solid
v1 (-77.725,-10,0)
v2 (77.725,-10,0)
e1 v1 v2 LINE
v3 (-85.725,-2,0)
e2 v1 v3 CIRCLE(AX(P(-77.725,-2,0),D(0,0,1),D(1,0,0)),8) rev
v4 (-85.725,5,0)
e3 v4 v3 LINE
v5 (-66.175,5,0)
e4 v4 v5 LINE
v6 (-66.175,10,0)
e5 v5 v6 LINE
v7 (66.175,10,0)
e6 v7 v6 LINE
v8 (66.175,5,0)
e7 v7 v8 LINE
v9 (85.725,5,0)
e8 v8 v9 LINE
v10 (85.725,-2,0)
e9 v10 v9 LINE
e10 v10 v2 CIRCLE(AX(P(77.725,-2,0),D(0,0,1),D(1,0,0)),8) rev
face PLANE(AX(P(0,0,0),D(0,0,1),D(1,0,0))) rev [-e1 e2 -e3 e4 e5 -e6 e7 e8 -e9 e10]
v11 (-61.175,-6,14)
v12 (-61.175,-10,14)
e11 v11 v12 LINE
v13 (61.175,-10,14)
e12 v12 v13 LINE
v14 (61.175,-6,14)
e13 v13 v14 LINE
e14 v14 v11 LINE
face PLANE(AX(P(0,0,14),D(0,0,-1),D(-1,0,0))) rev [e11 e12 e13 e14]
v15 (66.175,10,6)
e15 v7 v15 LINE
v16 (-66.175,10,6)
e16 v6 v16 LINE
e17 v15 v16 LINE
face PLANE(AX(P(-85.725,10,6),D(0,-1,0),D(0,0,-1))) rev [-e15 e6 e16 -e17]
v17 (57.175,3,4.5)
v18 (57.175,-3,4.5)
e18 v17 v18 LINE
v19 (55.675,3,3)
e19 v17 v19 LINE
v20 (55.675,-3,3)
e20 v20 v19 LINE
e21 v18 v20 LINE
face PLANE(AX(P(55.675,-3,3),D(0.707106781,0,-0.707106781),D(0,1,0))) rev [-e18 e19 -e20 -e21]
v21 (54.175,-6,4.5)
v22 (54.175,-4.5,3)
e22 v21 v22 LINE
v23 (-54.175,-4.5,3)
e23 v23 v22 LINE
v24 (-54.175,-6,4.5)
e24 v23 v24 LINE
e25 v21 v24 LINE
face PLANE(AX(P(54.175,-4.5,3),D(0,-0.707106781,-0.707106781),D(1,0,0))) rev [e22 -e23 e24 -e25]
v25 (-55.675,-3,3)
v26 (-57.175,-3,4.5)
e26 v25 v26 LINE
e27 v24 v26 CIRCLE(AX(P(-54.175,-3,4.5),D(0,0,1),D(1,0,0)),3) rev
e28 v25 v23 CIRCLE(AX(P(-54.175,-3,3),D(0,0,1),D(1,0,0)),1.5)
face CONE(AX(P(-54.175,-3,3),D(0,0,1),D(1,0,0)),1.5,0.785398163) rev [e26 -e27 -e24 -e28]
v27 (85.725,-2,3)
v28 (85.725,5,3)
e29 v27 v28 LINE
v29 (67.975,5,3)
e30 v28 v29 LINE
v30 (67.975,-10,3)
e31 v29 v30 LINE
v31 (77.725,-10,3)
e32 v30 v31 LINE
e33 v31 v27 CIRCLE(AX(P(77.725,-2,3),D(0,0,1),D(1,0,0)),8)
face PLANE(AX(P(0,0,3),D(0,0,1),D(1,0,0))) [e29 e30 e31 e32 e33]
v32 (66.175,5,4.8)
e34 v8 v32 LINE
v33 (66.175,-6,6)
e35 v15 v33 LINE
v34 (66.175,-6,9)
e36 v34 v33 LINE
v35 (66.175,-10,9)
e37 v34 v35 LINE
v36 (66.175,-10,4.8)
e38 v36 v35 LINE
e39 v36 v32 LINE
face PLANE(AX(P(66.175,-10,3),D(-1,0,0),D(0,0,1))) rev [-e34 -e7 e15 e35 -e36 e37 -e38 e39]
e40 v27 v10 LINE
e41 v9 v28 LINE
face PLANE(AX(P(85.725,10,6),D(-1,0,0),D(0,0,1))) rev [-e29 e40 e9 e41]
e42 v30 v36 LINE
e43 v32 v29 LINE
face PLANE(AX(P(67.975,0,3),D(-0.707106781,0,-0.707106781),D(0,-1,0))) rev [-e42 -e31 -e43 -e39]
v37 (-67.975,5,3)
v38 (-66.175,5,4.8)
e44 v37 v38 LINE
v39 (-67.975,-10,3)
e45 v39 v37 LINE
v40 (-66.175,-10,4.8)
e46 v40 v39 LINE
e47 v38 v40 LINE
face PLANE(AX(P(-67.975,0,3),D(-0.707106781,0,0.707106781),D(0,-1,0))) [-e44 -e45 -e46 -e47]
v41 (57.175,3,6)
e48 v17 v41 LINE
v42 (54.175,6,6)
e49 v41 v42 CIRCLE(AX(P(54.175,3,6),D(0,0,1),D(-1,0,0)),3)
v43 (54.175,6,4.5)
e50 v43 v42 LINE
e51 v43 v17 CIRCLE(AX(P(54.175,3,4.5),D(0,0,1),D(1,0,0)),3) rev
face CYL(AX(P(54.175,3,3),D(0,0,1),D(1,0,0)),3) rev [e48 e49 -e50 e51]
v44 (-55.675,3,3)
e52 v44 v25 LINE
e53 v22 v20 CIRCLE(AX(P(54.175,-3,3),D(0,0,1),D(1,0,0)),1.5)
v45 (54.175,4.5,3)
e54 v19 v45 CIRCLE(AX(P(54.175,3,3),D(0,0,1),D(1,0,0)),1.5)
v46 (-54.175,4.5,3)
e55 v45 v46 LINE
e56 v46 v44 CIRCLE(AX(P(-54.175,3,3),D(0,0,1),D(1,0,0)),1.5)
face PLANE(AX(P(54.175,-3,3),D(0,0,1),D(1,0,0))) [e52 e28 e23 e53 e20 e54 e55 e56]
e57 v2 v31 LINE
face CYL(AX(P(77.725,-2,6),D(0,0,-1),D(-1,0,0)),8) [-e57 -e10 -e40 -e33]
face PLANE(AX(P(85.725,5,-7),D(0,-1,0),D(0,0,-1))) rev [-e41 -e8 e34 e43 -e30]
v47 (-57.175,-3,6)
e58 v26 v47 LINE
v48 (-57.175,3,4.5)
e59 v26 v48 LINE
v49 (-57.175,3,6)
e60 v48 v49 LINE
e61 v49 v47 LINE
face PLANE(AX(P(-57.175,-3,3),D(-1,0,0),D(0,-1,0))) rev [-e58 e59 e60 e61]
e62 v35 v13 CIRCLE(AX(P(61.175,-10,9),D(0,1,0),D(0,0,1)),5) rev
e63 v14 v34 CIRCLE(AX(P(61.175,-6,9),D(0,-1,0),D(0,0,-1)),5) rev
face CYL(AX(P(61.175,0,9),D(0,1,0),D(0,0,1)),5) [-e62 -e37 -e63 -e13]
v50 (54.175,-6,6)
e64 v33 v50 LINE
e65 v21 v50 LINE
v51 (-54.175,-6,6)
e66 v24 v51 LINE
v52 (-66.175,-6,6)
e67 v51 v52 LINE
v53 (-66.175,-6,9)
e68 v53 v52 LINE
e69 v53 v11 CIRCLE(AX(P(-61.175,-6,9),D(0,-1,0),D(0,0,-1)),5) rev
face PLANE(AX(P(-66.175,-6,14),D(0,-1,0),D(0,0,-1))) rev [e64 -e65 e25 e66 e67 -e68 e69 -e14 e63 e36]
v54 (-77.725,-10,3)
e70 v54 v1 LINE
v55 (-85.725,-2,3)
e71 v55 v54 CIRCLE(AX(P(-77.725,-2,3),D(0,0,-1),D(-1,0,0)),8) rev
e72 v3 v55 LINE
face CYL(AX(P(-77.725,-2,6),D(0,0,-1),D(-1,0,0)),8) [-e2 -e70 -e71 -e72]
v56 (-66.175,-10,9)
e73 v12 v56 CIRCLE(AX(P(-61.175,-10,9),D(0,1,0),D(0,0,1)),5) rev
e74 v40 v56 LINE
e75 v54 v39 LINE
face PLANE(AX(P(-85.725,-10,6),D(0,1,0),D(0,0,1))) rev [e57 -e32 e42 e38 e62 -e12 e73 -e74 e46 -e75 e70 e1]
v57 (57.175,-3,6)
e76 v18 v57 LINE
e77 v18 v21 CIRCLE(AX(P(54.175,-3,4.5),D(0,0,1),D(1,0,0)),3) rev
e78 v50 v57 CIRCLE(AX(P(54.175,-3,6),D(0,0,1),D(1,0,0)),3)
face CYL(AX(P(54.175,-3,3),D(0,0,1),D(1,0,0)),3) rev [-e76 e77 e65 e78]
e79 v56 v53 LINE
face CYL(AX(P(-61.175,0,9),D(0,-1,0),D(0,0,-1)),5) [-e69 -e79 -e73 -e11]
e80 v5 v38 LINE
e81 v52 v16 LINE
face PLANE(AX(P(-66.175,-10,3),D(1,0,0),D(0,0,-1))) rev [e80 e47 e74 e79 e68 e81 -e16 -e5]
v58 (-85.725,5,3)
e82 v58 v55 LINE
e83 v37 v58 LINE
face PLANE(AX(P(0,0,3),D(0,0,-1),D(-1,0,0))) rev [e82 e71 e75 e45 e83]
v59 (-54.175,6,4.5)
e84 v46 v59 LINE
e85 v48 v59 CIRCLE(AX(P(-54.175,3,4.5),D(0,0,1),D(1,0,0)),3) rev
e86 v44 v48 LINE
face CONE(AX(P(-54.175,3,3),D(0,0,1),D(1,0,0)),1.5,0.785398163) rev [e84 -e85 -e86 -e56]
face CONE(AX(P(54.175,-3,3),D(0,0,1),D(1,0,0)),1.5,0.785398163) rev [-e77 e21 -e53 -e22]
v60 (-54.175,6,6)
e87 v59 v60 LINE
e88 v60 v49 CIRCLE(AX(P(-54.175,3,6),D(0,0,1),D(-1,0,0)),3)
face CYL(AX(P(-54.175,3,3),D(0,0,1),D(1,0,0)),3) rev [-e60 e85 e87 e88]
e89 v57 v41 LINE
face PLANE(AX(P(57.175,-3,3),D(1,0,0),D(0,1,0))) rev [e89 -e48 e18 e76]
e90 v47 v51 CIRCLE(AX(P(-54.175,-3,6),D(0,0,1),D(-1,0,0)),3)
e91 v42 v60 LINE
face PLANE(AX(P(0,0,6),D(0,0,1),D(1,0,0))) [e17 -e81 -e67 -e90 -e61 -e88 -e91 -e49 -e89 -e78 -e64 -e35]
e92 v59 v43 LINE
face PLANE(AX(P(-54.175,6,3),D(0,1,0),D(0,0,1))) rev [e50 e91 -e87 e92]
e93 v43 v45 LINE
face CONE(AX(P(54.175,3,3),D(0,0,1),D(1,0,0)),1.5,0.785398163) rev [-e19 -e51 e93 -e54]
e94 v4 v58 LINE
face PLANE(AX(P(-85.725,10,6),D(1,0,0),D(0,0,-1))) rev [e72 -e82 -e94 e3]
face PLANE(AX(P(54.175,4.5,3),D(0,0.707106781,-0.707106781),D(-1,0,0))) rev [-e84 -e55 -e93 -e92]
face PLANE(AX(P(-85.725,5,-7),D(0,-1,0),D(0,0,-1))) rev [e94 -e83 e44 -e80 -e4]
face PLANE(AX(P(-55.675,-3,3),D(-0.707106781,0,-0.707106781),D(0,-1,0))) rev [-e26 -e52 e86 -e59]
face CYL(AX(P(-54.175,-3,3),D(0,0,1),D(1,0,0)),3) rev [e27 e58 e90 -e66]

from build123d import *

# Parameters (mm, degrees)
SKETCH1_W           = 171.45
SKETCH1_H           = 20
BOSS_EXTRUDE1_DEPTH = 6
SKETCH2_W           = 19.55
SKETCH2_H           = 15
CUT_EXTRUDE1_DEPTH  = 3
SKETCH3_W           = 19.55
SKETCH3_H           = 5
CUT_EXTRUDE2_DEPTH  = 13
CHAMFER1_SIZE       = 1.8
SKETCH4_W           = 132.35
SKETCH4_H           = 4
BOSS_EXTRUDE2_DEPTH = 8
CUT_EXTRUDE3_DEPTH  = 3
CHAMFER2_SIZE       = 1.5
FILLET1_R           = 8
FILLET2_R           = 5


with BuildPart() as part:
    # Sketch1 → Boss-Extrude1 (new body)
    with BuildSketch(Plane.XY):
        Rectangle(SKETCH1_W, SKETCH1_H)
    extrude(amount=BOSS_EXTRUDE1_DEPTH)

    # Sketch2 → Cut-Extrude1 (cut)
    with BuildSketch(Plane.XY.offset(6)):
        with Locations((-75.95, -2.5)):
            Rectangle(SKETCH2_W, SKETCH2_H)
        with Locations((75.95, -2.5)):
            Rectangle(SKETCH2_W, SKETCH2_H)
    extrude(amount=-CUT_EXTRUDE1_DEPTH, mode=Mode.SUBTRACT)

    # Sketch3 → Cut-Extrude2 (cut)
    with BuildSketch(Plane.XY.offset(6)):
        with Locations((-75.95, 7.5)):
            Rectangle(SKETCH3_W, SKETCH3_H)
        with Locations((75.95, 7.5)):
            Rectangle(SKETCH3_W, SKETCH3_H)
    extrude(amount=-CUT_EXTRUDE2_DEPTH, mode=Mode.SUBTRACT)

    # Chamfer1
    chamfer1_edges = [part.edges().sort_by_distance(p)[0] for p in [
        (-66.175, -2.5, 3),
        (66.175, -2.5, 3),
    ]]
    chamfer(chamfer1_edges, length=CHAMFER1_SIZE)

    # Sketch4 → Boss-Extrude2 (add)
    with BuildSketch(Plane.XY.offset(6)):
        with Locations((0, -8)):
            Rectangle(SKETCH4_W, SKETCH4_H)
    extrude(amount=BOSS_EXTRUDE2_DEPTH)

    # Sketch5 → Cut-Extrude3 (cut)
    with BuildSketch(Plane.XY.offset(6)):
        with BuildLine():
            Line((-54.175, -6), (54.175, -6))
            ThreePointArc((54.175, -6), (56.296320344, -5.121320344), (57.175, -3))
            Line((57.175, -3), (57.175, 3))
            ThreePointArc((57.175, 3), (56.296320344, 5.121320344), (54.175, 6))
            Line((54.175, 6), (-54.175, 6))
            ThreePointArc((-54.175, 6), (-56.296320344, 5.121320344), (-57.175, 3))
            Line((-57.175, 3), (-57.175, -3))
            ThreePointArc((-57.175, -3), (-56.296320344, -5.121320344), (-54.175, -6))
        make_face()
    extrude(amount=-CUT_EXTRUDE3_DEPTH, mode=Mode.SUBTRACT)

    # Chamfer2
    chamfer2_edges = [part.edges().sort_by_distance(p)[0] for p in [
        (56.296320344, -5.121320344, 3),
        (0, -6, 3),
        (-56.296320344, -5.121320344, 3),
        (-57.175, 0, 3),
        (-56.296320344, 5.121320344, 3),
        (0, 6, 3),
        (56.296320344, 5.121320344, 3),
        (57.175, 0, 3),
    ]]
    chamfer(chamfer2_edges, length=CHAMFER2_SIZE)

    # Fillet1
    fillet1_edges = [part.edges().sort_by_distance(p)[0] for p in [
        (-85.725, -10, 1.5),
        (85.725, -10, 1.5),
    ]]
    fillet(fillet1_edges, radius=FILLET1_R)

    # Fillet2
    fillet2_edges = [part.edges().sort_by_distance(p)[0] for p in [
        (-66.175, -8, 14),
        (66.175, -8, 14),
    ]]
    fillet(fillet2_edges, radius=FILLET2_R)


solid = part.part
